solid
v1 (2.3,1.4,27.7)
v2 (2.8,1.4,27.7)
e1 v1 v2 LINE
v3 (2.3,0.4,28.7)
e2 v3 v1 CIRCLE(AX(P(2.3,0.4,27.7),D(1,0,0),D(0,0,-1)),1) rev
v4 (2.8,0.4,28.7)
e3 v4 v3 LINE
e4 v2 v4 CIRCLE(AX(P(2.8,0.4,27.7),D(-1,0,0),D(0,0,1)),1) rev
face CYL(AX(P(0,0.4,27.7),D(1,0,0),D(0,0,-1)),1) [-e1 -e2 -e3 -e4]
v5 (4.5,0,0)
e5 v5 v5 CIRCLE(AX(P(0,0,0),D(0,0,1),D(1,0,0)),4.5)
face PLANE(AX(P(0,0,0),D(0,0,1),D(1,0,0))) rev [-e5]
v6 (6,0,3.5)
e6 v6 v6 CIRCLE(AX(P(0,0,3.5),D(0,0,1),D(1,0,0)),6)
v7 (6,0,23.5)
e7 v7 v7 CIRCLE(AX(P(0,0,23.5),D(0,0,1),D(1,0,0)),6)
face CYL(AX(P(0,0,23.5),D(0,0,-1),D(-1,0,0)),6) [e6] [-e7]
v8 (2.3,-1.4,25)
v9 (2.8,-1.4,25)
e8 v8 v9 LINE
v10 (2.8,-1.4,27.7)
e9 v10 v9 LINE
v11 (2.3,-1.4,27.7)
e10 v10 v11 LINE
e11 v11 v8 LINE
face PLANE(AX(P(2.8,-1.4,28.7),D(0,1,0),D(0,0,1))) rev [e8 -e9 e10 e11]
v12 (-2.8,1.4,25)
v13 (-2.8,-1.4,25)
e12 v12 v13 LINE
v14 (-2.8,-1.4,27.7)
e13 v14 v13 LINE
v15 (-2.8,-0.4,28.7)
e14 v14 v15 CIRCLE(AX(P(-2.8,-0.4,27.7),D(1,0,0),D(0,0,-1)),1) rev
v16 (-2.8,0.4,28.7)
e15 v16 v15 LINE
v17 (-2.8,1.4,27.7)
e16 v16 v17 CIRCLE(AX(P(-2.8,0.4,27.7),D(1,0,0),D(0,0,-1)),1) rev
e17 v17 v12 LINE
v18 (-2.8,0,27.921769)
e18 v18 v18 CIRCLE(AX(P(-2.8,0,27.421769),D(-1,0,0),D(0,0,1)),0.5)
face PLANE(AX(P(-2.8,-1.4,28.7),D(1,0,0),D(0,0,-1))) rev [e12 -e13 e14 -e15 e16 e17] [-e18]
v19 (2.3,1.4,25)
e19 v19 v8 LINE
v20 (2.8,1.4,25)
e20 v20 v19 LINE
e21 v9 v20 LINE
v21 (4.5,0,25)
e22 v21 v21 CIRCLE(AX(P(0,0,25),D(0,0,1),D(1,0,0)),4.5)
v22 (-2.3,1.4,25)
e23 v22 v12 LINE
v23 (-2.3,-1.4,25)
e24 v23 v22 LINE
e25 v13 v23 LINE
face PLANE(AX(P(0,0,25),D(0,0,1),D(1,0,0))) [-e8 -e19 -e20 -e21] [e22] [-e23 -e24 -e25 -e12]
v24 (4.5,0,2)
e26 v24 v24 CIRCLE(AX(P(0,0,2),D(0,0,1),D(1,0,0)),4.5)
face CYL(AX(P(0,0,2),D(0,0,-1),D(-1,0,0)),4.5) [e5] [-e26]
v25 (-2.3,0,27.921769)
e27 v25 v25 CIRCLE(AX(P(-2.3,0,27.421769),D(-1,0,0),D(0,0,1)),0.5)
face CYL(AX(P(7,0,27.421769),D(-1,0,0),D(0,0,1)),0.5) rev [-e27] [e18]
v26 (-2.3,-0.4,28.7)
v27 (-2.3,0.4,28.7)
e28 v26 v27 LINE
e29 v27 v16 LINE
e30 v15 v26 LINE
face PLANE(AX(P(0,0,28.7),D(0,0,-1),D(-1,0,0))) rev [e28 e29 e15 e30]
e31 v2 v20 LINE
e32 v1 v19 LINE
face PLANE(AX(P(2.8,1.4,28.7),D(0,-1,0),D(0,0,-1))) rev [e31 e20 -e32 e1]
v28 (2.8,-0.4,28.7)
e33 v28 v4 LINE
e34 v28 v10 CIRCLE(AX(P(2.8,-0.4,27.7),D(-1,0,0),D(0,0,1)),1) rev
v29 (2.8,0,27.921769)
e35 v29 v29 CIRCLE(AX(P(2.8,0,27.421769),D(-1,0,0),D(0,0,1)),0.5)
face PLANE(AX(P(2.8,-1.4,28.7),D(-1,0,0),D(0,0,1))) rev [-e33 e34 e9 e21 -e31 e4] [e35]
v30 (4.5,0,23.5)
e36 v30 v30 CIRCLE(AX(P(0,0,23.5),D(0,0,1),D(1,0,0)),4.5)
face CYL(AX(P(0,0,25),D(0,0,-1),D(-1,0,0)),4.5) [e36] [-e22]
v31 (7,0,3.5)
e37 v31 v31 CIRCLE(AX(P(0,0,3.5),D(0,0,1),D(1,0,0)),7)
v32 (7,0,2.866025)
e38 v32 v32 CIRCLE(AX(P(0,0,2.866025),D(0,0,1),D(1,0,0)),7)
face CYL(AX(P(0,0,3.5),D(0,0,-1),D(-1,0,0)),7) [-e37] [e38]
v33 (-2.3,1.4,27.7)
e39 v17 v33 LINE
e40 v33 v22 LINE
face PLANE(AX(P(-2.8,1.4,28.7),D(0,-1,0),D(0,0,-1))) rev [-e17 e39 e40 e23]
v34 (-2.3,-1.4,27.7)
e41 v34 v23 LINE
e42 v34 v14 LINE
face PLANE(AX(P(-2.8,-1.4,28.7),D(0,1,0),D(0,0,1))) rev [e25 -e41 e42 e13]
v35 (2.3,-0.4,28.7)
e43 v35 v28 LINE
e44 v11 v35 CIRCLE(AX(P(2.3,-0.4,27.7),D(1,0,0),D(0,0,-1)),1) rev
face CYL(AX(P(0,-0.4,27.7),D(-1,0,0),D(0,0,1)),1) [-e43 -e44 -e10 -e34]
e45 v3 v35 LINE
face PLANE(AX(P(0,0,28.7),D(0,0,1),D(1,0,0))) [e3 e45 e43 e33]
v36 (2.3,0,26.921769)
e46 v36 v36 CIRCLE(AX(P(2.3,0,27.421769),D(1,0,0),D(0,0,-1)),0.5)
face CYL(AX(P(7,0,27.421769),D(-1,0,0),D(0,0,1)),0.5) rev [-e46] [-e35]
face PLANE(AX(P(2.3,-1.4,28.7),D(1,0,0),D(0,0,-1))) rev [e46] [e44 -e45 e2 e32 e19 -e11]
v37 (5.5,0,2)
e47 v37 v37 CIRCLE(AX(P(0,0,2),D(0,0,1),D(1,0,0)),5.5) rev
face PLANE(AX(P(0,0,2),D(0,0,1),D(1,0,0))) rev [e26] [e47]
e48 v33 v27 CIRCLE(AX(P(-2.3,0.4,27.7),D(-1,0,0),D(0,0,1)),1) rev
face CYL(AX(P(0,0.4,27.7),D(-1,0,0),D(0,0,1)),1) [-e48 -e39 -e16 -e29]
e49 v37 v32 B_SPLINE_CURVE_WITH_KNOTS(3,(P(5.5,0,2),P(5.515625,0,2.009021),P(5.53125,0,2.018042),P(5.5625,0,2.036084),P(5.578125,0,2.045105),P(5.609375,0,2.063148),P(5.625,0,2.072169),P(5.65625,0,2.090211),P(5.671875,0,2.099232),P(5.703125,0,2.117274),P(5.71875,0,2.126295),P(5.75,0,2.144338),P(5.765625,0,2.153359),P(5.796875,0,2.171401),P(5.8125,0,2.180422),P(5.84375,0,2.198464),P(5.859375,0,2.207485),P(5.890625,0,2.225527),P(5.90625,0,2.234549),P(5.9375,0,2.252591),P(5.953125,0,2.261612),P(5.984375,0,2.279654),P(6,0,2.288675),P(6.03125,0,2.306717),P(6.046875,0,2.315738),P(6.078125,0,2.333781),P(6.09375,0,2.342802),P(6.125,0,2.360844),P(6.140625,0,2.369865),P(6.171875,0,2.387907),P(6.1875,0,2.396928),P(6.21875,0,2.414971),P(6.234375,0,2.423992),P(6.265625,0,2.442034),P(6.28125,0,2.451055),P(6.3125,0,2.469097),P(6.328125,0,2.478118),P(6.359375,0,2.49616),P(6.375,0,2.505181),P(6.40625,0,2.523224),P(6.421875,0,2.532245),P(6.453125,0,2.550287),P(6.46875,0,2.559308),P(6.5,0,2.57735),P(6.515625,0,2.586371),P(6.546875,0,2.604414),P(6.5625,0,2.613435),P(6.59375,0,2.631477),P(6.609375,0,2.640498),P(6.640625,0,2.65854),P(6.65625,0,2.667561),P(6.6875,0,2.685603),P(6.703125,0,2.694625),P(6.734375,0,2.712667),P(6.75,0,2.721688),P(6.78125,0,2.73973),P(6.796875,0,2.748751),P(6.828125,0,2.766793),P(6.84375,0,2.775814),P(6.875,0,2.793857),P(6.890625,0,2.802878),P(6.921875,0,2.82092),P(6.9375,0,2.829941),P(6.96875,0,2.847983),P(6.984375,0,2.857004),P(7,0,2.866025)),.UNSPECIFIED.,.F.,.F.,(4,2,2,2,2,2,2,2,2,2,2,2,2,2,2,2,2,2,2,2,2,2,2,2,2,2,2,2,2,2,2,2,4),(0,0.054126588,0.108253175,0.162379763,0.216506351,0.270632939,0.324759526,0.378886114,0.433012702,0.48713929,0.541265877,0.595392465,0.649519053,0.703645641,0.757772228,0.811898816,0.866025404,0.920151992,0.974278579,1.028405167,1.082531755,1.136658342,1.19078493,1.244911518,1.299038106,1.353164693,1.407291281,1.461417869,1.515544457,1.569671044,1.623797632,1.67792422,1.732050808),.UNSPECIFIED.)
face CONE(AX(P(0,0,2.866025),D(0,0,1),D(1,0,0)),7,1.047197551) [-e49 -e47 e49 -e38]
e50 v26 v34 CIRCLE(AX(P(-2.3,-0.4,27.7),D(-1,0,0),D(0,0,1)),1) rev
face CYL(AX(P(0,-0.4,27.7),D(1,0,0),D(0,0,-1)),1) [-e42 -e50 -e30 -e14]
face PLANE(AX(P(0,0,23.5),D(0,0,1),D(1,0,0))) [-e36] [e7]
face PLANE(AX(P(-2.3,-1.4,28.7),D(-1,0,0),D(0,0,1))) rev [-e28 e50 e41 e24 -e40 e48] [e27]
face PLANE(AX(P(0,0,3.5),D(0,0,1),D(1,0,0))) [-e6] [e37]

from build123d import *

# Parameters (mm, degrees)
SKETCH_1_R          = 4.5
EXTRUDE_1_DEPTH     = 2
SKETCH_2_R          = 7
EXTRUDE_2_DEPTH     = 1.5
SKETCH_3_R          = 6
EXTRUDE_3_DEPTH     = 20
SKETCH_4_R          = 4.5
EXTRUDE_4_DEPTH     = 1.5
SKETCH_5_W          = 0.5
SKETCH_5_H          = 2.8
EXTRUDE_5_DEPTH     = 3.7
CHAMFER_1_SIZE      = 1.5
CHAMFER_1_SIZE2     = 0.866025404
FILLET_1_R          = 1
SKETCH_6_R          = 0.5
CUT_EXTRUDE_1_DEPTH = 32.124427706


with BuildPart() as part:
    # 스케치1 → 보스-돌출1 (new body)
    with BuildSketch(Plane.XY):
        Circle(SKETCH_1_R)
    extrude(amount=EXTRUDE_1_DEPTH)

    # 스케치2 → 보스-돌출2 (add)
    with BuildSketch(Plane.XY.offset(2)):
        Circle(SKETCH_2_R)
    extrude(amount=EXTRUDE_2_DEPTH)

    # 스케치3 → 보스-돌출3 (add)
    with BuildSketch(Plane.XY.offset(3.5)):
        Circle(SKETCH_3_R)
    extrude(amount=EXTRUDE_3_DEPTH)

    # 스케치4 → 보스-돌출4 (add)
    with BuildSketch(Plane.XY.offset(23.5)):
        Circle(SKETCH_4_R)
    extrude(amount=EXTRUDE_4_DEPTH)

    # 스케치5 → 보스-돌출5 (add)
    with BuildSketch(Plane.XY.offset(25)):
        with Locations((2.55, 0)):
            Rectangle(SKETCH_5_W, SKETCH_5_H)
        with Locations((-2.55, 0)):
            Rectangle(SKETCH_5_W, SKETCH_5_H)
    extrude(amount=EXTRUDE_5_DEPTH)

    # 모따기1
    chamfer_1_edges = [part.edges().sort_by_distance(p)[0] for p in [
        (-7, 0, 2),
    ]]
    chamfer_1_side = [part.faces().sort_by_distance(p)[0] for p in [
        (-6.802010101, 0, 2),
    ]]
    chamfer(chamfer_1_edges, length=CHAMFER_1_SIZE, length2=CHAMFER_1_SIZE2, reference=chamfer_1_side[0])

    # 필렛1
    fillet_1_edges = [part.edges().sort_by_distance(p)[0] for p in [
        (-2.55, 1.4, 28.7),
        (-2.55, -1.4, 28.7),
        (2.55, 1.4, 28.7),
        (2.55, -1.4, 28.7),
    ]]
    fillet(fillet_1_edges, radius=FILLET_1_R)

    # 스케치6 → 컷-돌출1 (cut, through all)
    with BuildSketch(Plane.ZY.offset(2.8)):
        with Locations((27.421769494, 0)):
            Circle(SKETCH_6_R)
    extrude(amount=-CUT_EXTRUDE_1_DEPTH, mode=Mode.SUBTRACT)


solid = part.part
